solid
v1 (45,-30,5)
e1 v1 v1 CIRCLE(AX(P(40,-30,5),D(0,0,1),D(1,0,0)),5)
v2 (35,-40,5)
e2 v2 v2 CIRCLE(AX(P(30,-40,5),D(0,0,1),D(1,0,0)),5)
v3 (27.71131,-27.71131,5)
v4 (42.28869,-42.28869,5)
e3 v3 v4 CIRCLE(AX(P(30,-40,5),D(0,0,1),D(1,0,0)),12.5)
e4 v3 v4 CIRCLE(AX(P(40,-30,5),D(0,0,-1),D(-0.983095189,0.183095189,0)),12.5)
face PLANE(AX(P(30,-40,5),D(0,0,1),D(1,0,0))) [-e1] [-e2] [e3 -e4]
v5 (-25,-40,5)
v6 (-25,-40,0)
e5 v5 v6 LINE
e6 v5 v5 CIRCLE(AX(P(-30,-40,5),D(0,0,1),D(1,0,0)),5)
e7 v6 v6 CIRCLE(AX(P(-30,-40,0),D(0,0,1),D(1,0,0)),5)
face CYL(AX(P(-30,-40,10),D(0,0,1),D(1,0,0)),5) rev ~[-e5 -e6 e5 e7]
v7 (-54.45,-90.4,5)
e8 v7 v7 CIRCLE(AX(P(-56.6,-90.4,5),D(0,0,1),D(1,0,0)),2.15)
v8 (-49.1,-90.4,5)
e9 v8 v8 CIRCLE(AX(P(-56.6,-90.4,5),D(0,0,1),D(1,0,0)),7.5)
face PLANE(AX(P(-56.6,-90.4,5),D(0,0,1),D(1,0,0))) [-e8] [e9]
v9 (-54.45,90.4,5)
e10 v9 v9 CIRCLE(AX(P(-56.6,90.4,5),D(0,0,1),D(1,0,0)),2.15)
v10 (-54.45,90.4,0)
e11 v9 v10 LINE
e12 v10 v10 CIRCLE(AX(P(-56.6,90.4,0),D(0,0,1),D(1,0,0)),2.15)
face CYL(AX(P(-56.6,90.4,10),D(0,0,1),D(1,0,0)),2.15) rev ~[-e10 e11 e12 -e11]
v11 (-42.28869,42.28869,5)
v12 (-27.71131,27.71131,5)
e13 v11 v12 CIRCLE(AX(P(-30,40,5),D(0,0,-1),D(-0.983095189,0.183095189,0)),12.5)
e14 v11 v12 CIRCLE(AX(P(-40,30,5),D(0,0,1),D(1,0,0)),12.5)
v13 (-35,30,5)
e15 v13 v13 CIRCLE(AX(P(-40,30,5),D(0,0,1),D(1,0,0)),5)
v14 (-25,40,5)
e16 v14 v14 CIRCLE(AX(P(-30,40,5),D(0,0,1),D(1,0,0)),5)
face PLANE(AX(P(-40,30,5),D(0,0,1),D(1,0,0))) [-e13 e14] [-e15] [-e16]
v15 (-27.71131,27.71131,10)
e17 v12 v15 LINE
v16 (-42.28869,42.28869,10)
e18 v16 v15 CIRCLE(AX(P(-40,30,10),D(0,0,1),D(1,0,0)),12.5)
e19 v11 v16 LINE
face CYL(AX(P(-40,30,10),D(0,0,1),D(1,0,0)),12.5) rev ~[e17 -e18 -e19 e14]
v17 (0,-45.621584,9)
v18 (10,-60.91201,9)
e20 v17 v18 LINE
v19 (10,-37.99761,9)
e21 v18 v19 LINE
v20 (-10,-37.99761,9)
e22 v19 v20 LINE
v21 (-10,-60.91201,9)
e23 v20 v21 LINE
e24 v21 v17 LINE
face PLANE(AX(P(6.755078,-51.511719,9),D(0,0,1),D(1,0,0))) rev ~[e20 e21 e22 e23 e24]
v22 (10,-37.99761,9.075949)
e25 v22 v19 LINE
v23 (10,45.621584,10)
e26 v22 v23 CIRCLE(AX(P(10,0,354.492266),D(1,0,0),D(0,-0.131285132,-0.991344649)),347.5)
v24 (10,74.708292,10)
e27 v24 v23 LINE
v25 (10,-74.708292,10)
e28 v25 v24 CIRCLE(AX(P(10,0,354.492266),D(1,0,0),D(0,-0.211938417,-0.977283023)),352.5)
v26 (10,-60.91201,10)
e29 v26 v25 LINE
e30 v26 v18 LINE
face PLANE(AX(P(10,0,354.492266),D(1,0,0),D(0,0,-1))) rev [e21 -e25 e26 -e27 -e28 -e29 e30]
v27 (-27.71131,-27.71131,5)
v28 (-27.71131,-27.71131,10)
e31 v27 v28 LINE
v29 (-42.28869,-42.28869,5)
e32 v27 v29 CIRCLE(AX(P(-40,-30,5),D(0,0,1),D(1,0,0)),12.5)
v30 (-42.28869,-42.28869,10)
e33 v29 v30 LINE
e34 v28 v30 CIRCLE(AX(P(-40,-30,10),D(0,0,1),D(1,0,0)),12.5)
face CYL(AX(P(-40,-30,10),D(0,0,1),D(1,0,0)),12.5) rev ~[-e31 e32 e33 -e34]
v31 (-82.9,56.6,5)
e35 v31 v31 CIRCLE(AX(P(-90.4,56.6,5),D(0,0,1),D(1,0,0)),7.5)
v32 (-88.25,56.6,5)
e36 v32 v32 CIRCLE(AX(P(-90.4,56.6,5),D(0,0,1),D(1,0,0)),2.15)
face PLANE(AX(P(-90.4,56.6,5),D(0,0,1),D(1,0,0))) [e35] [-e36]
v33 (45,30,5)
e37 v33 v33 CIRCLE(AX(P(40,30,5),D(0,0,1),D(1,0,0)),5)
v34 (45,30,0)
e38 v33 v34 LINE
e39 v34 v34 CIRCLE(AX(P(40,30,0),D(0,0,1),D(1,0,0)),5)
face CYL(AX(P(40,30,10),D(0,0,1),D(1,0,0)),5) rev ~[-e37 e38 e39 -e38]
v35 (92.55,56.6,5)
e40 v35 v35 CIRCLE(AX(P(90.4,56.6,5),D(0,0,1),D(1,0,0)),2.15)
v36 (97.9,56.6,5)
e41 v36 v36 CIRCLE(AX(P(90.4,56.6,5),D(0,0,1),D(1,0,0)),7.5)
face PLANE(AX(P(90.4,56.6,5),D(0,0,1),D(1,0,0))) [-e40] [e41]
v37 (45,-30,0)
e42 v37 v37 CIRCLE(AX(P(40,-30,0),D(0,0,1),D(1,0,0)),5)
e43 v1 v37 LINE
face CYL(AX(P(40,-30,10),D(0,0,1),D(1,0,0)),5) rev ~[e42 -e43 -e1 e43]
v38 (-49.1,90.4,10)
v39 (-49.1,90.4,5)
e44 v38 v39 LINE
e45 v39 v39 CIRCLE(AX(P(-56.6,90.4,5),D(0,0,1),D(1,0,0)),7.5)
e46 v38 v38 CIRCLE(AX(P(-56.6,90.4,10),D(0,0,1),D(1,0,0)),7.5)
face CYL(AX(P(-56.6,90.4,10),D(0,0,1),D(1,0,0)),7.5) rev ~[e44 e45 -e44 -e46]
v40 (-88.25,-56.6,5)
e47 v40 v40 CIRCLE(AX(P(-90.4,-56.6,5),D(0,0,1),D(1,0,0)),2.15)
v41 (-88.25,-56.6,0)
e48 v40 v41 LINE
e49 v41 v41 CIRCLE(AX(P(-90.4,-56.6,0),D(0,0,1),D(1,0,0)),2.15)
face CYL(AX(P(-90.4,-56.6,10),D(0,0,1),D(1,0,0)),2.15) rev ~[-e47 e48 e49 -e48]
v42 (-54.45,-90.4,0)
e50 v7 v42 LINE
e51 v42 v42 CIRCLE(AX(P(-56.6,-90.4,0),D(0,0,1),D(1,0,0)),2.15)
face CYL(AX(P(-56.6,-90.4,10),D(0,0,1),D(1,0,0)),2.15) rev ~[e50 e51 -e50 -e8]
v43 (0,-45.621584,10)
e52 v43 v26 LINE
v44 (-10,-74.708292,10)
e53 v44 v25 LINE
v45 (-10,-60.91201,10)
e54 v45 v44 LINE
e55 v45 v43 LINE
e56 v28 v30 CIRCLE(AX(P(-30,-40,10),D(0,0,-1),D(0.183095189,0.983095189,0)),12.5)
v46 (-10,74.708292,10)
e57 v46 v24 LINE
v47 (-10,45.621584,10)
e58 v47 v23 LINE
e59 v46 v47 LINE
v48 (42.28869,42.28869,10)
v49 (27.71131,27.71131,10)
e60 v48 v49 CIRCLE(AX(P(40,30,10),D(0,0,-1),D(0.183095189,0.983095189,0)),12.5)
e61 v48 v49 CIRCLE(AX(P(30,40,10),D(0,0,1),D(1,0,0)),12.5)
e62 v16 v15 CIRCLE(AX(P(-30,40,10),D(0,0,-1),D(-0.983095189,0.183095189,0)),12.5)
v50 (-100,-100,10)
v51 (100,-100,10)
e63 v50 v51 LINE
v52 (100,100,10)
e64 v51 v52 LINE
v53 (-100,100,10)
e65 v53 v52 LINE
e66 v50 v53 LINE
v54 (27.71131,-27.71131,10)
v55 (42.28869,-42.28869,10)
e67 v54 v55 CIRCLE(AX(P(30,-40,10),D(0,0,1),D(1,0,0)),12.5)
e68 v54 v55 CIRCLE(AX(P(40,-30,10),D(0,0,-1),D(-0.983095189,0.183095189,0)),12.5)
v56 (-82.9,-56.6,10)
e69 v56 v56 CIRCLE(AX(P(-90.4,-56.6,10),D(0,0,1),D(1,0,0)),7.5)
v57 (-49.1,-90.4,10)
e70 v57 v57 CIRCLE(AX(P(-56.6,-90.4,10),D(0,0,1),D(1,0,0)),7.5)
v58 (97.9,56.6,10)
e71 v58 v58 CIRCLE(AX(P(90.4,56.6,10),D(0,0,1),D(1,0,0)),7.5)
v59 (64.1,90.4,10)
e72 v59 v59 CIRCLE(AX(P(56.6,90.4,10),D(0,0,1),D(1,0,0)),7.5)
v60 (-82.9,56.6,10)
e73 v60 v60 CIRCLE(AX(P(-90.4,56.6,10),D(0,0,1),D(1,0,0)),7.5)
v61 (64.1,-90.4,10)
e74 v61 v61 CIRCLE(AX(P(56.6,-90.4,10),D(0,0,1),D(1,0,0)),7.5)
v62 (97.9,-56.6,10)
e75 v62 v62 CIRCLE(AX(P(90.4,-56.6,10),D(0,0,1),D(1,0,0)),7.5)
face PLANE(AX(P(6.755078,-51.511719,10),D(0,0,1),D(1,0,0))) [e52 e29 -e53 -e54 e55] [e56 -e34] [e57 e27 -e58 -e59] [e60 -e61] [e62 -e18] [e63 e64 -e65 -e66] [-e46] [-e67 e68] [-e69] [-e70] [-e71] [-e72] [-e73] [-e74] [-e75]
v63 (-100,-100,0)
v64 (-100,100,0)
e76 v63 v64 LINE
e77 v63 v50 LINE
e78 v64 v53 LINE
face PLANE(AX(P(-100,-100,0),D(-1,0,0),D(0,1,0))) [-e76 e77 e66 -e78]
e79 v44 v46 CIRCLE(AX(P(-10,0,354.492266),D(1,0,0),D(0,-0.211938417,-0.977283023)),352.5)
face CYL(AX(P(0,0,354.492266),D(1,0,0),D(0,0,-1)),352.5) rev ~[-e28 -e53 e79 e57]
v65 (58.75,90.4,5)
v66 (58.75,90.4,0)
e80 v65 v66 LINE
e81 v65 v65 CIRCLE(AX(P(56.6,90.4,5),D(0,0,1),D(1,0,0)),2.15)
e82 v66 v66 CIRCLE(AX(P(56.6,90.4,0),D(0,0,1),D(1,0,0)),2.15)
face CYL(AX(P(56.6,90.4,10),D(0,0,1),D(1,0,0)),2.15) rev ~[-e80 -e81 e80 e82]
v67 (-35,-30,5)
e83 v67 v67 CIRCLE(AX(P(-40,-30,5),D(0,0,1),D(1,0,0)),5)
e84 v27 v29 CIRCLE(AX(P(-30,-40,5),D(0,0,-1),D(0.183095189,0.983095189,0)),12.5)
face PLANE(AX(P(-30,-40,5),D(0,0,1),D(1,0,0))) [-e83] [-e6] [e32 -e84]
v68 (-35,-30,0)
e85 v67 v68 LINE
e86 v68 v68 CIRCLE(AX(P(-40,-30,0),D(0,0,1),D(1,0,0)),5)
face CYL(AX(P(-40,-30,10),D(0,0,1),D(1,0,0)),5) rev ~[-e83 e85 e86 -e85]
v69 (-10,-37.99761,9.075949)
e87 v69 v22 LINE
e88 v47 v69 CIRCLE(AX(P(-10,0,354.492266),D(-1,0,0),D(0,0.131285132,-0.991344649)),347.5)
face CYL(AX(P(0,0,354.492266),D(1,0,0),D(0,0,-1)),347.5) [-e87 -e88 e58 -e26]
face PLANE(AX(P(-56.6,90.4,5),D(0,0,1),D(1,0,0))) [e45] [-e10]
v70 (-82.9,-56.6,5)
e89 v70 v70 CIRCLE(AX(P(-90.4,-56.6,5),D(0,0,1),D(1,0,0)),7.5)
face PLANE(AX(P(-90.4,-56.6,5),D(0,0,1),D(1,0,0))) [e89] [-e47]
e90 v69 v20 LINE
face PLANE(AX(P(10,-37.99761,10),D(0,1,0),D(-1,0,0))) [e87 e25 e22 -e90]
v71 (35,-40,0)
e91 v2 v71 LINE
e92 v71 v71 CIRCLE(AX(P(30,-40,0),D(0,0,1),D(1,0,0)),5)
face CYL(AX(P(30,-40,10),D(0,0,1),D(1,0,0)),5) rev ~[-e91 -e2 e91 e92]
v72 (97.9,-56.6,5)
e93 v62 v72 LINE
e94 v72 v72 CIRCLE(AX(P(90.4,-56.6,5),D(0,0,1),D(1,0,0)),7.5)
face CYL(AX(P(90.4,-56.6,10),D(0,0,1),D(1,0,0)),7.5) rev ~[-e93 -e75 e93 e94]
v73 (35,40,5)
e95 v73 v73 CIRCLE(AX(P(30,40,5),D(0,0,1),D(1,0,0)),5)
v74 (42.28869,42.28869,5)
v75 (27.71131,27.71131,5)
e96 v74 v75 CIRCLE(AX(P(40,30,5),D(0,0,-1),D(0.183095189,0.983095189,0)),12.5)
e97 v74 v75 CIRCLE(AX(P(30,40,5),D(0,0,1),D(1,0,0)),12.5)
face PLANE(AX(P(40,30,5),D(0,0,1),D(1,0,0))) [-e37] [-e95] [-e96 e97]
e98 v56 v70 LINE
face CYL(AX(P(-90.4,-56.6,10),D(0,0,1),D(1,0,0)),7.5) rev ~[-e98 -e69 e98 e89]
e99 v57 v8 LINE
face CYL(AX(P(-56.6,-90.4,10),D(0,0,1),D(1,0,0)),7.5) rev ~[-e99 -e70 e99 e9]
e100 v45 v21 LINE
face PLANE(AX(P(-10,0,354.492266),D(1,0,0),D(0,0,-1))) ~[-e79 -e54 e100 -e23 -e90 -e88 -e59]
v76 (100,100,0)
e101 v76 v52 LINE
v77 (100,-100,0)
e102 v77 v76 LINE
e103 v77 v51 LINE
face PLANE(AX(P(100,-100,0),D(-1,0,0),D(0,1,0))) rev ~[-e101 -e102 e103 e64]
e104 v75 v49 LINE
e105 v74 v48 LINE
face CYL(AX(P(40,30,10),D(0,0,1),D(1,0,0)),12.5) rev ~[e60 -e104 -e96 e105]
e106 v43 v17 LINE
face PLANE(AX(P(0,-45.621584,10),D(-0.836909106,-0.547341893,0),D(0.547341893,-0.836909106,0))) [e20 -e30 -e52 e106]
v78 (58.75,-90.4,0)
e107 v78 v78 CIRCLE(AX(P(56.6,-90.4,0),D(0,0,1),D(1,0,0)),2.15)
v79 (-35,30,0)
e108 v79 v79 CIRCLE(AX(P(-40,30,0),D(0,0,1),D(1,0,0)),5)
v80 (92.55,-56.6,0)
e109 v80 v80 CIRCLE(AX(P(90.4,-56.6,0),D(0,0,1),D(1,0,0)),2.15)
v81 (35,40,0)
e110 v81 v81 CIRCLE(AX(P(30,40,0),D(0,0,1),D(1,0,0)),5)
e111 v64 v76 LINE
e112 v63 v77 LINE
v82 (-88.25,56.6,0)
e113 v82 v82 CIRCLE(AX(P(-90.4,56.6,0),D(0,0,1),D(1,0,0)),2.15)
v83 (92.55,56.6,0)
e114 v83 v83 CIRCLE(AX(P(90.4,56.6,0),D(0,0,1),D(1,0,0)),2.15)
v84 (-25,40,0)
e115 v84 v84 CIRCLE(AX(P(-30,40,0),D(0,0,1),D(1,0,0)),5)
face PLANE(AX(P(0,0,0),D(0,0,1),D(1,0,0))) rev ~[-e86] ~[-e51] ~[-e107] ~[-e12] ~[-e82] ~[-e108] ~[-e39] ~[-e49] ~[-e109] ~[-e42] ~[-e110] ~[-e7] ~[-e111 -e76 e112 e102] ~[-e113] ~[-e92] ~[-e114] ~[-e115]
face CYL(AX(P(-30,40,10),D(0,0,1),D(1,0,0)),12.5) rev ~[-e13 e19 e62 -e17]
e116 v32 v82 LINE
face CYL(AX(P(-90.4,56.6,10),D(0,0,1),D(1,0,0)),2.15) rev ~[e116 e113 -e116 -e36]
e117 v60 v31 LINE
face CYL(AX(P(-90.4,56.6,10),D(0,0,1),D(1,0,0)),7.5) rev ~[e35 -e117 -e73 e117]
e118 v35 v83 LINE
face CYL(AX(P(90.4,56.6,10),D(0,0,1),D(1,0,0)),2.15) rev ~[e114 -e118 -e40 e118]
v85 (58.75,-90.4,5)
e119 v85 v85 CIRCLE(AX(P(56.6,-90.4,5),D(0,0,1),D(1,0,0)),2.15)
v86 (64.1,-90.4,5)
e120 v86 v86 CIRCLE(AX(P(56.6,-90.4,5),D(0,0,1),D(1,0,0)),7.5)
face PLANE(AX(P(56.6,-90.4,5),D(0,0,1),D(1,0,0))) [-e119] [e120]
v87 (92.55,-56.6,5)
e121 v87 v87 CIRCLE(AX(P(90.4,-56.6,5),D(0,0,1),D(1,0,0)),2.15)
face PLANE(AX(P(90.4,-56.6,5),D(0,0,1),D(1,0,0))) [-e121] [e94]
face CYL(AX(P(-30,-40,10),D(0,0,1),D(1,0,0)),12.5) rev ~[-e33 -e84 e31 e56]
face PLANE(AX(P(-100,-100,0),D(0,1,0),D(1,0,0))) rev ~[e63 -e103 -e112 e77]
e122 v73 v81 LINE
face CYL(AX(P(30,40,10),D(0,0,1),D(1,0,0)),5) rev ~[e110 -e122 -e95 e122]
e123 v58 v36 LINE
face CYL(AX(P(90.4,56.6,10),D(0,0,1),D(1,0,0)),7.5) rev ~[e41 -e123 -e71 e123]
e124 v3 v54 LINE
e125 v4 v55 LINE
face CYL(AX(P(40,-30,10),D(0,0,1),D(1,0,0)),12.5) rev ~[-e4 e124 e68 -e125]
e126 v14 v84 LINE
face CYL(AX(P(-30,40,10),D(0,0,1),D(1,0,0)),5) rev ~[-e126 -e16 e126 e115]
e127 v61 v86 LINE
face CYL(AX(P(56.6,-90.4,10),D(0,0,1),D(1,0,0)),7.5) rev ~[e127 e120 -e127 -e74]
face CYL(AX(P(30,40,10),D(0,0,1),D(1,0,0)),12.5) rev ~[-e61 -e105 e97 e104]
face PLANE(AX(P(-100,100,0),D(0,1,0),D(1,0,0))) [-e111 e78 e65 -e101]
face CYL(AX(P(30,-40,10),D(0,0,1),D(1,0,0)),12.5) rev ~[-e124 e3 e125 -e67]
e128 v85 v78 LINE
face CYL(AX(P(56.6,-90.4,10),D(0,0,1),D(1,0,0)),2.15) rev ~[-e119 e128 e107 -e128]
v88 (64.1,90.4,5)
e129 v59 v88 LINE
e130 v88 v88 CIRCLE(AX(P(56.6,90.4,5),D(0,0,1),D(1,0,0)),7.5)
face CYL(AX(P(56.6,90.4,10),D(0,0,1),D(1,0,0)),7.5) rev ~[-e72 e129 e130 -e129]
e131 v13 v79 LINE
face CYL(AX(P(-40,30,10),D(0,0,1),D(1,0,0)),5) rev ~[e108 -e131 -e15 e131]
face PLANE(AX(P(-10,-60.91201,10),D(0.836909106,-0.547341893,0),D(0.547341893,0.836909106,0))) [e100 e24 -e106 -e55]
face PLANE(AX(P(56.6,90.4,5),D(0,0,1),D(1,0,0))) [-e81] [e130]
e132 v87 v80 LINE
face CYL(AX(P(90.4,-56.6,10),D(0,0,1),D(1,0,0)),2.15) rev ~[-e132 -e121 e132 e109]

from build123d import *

# Parameters (mm, degrees)
SKETCH1_W           = 200
SKETCH1_H           = 200
BOSS_EXTRUDE1_DEPTH = 10
SKETCH2_R           = 5
SKETCH2_R_2         = 2.15
CUT_EXTRUDE1_DEPTH  = 142.774468788
SKETCH3_W           = 20
SKETCH3_H           = 5
SKETCH4_R           = 12.5
SKETCH4_R_2         = 5
SKETCH4_R_3         = 7.5
SKETCH4_R_4         = 2.15
CUT_EXTRUDE2_DEPTH  = 5
BOSS_EXTRUDE3_DEPTH = 1


with BuildPart() as part:
    # Sketch1 → Boss-Extrude1 (new body)
    with BuildSketch(Plane.XY):
        Rectangle(SKETCH1_W, SKETCH1_H)
    extrude(amount=BOSS_EXTRUDE1_DEPTH)

    # Sketch2 → Cut-Extrude1 (cut, through all)
    with BuildSketch(Plane.XY.offset(10)):
        with Locations((-40, 30)):
            Circle(SKETCH2_R)
        with Locations((40, 30)):
            Circle(SKETCH2_R)
        with Locations((40, -30)):
            Circle(SKETCH2_R)
        with Locations((-40, -30)):
            Circle(SKETCH2_R)
        with Locations((-30, 40)):
            Circle(SKETCH2_R)
        with Locations((30, 40)):
            Circle(SKETCH2_R)
        with Locations((30, -40)):
            Circle(SKETCH2_R)
        with Locations((-30, -40)):
            Circle(SKETCH2_R)
        with Locations((-56.6, 90.4)):
            Circle(SKETCH2_R_2)
        with Locations((-90.4, 56.6)):
            Circle(SKETCH2_R_2)
        with Locations((-90.4, -56.6)):
            Circle(SKETCH2_R_2)
        with Locations((-56.6, -90.4)):
            Circle(SKETCH2_R_2)
        with Locations((56.6, -90.4)):
            Circle(SKETCH2_R_2)
        with Locations((90.4, -56.6)):
            Circle(SKETCH2_R_2)
        with Locations((90.4, 56.6)):
            Circle(SKETCH2_R_2)
        with Locations((56.6, 90.4)):
            Circle(SKETCH2_R_2)
    extrude(amount=-CUT_EXTRUDE1_DEPTH, mode=Mode.SUBTRACT)

    # Sketch3 → Cut-Revolve1 (revolve, cut)
    with BuildSketch(Plane(origin=(0, 0, 0), x_dir=(1, 0, 0), z_dir=(0, 1, 0))):
        with Locations((0, -4.492265688)):
            Rectangle(SKETCH3_W, SKETCH3_H)
    revolve(axis=Axis((0, 0, 354.492265688), (1, 0, 0)), mode=Mode.SUBTRACT)

    # Sketch4 → Cut-Extrude2 (cut)
    # profile 1 of 30: a face of its own
    with BuildSketch(Plane.XY.offset(10)):
        with Locations((40, 30)):
            Circle(SKETCH4_R)
    # profile 2 of 30: a face of its own
    with BuildSketch(Plane.XY.offset(10)):
        with Locations((30, 40)):
            Circle(SKETCH4_R)
        with Locations((30, 40)):
            Circle(SKETCH4_R_2, mode=Mode.SUBTRACT)
    # profile 3 of 30: a face of its own
    with BuildSketch(Plane.XY.offset(10)):
        with Locations((30, 40)):
            Circle(SKETCH4_R)
        with Locations((30, 40)):
            Circle(SKETCH4_R_2, mode=Mode.SUBTRACT)
    # profile 4 of 30: a face of its own
    with BuildSketch(Plane.XY.offset(10)):
        with Locations((40, 30)):
            Circle(SKETCH4_R)
        with Locations((40, 30)):
            Circle(SKETCH4_R_2, mode=Mode.SUBTRACT)
    # profile 5 of 30: a face of its own
    with BuildSketch(Plane.XY.offset(10)):
        with Locations((30, 40)):
            Circle(SKETCH4_R)
    # profile 6 of 30: a face of its own
    with BuildSketch(Plane.XY.offset(10)):
        with Locations((40, 30)):
            Circle(SKETCH4_R)
        with Locations((40, 30)):
            Circle(SKETCH4_R_2, mode=Mode.SUBTRACT)
    # profile 7 of 30: a face of its own
    with BuildSketch(Plane.XY.offset(10)):
        with Locations((30, -40)):
            Circle(SKETCH4_R)
    # profile 8 of 30: a face of its own
    with BuildSketch(Plane.XY.offset(10)):
        with Locations((40, -30)):
            Circle(SKETCH4_R)
        with Locations((40, -30)):
            Circle(SKETCH4_R_2, mode=Mode.SUBTRACT)
    # profile 9 of 30: a face of its own
    with BuildSketch(Plane.XY.offset(10)):
        with Locations((30, -40)):
            Circle(SKETCH4_R)
        with Locations((30, -40)):
            Circle(SKETCH4_R_2, mode=Mode.SUBTRACT)
    # profile 10 of 30: a face of its own
    with BuildSketch(Plane.XY.offset(10)):
        with Locations((40, -30)):
            Circle(SKETCH4_R)
        with Locations((40, -30)):
            Circle(SKETCH4_R_2, mode=Mode.SUBTRACT)
    # profile 11 of 30: a face of its own
    with BuildSketch(Plane.XY.offset(10)):
        with Locations((40, -30)):
            Circle(SKETCH4_R)
    # profile 12 of 30: a face of its own
    with BuildSketch(Plane.XY.offset(10)):
        with Locations((30, -40)):
            Circle(SKETCH4_R)
        with Locations((30, -40)):
            Circle(SKETCH4_R_2, mode=Mode.SUBTRACT)
    # profile 13 of 30: a face of its own
    with BuildSketch(Plane.XY.offset(10)):
        with Locations((-30, -40)):
            Circle(SKETCH4_R)
    # profile 14 of 30: a face of its own
    with BuildSketch(Plane.XY.offset(10)):
        with Locations((-40, -30)):
            Circle(SKETCH4_R)
        with Locations((-40, -30)):
            Circle(SKETCH4_R_2, mode=Mode.SUBTRACT)
    # profile 15 of 30: a face of its own
    with BuildSketch(Plane.XY.offset(10)):
        with Locations((-30, -40)):
            Circle(SKETCH4_R)
        with Locations((-30, -40)):
            Circle(SKETCH4_R_2, mode=Mode.SUBTRACT)
    # profile 16 of 30: a face of its own
    with BuildSketch(Plane.XY.offset(10)):
        with Locations((-40, -30)):
            Circle(SKETCH4_R)
        with Locations((-40, -30)):
            Circle(SKETCH4_R_2, mode=Mode.SUBTRACT)
    # profile 17 of 30: a face of its own
    with BuildSketch(Plane.XY.offset(10)):
        with Locations((-40, 30)):
            Circle(SKETCH4_R)
    # profile 18 of 30: a face of its own
    with BuildSketch(Plane.XY.offset(10)):
        with Locations((-30, 40)):
            Circle(SKETCH4_R)
        with Locations((-30, 40)):
            Circle(SKETCH4_R_2, mode=Mode.SUBTRACT)
    # profile 19 of 30: a face of its own
    with BuildSketch(Plane.XY.offset(10)):
        with Locations((-40, 30)):
            Circle(SKETCH4_R)
        with Locations((-40, 30)):
            Circle(SKETCH4_R_2, mode=Mode.SUBTRACT)
    # profile 20 of 30: a face of its own
    with BuildSketch(Plane.XY.offset(10)):
        with Locations((-30, 40)):
            Circle(SKETCH4_R)
        with Locations((-30, 40)):
            Circle(SKETCH4_R_2, mode=Mode.SUBTRACT)
    # profile 21 of 30: a face of its own
    with BuildSketch(Plane.XY.offset(10)):
        with Locations((-30, 40)):
            Circle(SKETCH4_R)
    # profile 22 of 30: a face of its own
    with BuildSketch(Plane.XY.offset(10)):
        with Locations((-40, 30)):
            Circle(SKETCH4_R)
        with Locations((-40, 30)):
            Circle(SKETCH4_R_2, mode=Mode.SUBTRACT)
    # profile 23 of 30: a face of its own
    with BuildSketch(Plane.XY.offset(10)):
        with Locations((-56.6, 90.4)):
            Circle(SKETCH4_R_3)
        with Locations((-56.6, 90.4)):
            Circle(SKETCH4_R_4, mode=Mode.SUBTRACT)
    # profile 24 of 30: a face of its own
    with BuildSketch(Plane.XY.offset(10)):
        with Locations((-90.4, 56.6)):
            Circle(SKETCH4_R_3)
        with Locations((-90.4, 56.6)):
            Circle(SKETCH4_R_4, mode=Mode.SUBTRACT)
    # profile 25 of 30: a face of its own
    with BuildSketch(Plane.XY.offset(10)):
        with Locations((56.6, -90.4)):
            Circle(SKETCH4_R_3)
        with Locations((56.6, -90.4)):
            Circle(SKETCH4_R_4, mode=Mode.SUBTRACT)
    # profile 26 of 30: a face of its own
    with BuildSketch(Plane.XY.offset(10)):
        with Locations((90.4, -56.6)):
            Circle(SKETCH4_R_3)
        with Locations((90.4, -56.6)):
            Circle(SKETCH4_R_4, mode=Mode.SUBTRACT)
    # profile 27 of 30: a face of its own
    with BuildSketch(Plane.XY.offset(10)):
        with Locations((90.4, 56.6)):
            Circle(SKETCH4_R_3)
        with Locations((90.4, 56.6)):
            Circle(SKETCH4_R_4, mode=Mode.SUBTRACT)
    # profile 28 of 30: a face of its own
    with BuildSketch(Plane.XY.offset(10)):
        with Locations((56.6, 90.4)):
            Circle(SKETCH4_R_3)
        with Locations((56.6, 90.4)):
            Circle(SKETCH4_R_4, mode=Mode.SUBTRACT)
    # profile 29 of 30: a face of its own
    with BuildSketch(Plane.XY.offset(10)):
        with Locations((-90.4, -56.6)):
            Circle(SKETCH4_R_3)
    # profile 30 of 30: a face of its own
    with BuildSketch(Plane.XY.offset(10)):
        with Locations((-56.6, -90.4)):
            Circle(SKETCH4_R_3)
    extrude(amount=-CUT_EXTRUDE2_DEPTH, mode=Mode.SUBTRACT)

    # Sketch6 → Boss-Extrude3 (add)
    with BuildSketch(Plane.XY.offset(10)):
        Polygon((10, -45.621583501), (0, -45.621583501), (10, -60.912010155), align=None)
        Polygon((-10, -45.621583501), (0, -45.621583501), (10, -45.621583501), (10, -37.997610078), (-10, -37.997610078), align=None)
        Polygon((-10, -60.912010155), (0, -45.621583501), (-10, -45.621583501), align=None)
    extrude(amount=-BOSS_EXTRUDE3_DEPTH)


solid = part.part
